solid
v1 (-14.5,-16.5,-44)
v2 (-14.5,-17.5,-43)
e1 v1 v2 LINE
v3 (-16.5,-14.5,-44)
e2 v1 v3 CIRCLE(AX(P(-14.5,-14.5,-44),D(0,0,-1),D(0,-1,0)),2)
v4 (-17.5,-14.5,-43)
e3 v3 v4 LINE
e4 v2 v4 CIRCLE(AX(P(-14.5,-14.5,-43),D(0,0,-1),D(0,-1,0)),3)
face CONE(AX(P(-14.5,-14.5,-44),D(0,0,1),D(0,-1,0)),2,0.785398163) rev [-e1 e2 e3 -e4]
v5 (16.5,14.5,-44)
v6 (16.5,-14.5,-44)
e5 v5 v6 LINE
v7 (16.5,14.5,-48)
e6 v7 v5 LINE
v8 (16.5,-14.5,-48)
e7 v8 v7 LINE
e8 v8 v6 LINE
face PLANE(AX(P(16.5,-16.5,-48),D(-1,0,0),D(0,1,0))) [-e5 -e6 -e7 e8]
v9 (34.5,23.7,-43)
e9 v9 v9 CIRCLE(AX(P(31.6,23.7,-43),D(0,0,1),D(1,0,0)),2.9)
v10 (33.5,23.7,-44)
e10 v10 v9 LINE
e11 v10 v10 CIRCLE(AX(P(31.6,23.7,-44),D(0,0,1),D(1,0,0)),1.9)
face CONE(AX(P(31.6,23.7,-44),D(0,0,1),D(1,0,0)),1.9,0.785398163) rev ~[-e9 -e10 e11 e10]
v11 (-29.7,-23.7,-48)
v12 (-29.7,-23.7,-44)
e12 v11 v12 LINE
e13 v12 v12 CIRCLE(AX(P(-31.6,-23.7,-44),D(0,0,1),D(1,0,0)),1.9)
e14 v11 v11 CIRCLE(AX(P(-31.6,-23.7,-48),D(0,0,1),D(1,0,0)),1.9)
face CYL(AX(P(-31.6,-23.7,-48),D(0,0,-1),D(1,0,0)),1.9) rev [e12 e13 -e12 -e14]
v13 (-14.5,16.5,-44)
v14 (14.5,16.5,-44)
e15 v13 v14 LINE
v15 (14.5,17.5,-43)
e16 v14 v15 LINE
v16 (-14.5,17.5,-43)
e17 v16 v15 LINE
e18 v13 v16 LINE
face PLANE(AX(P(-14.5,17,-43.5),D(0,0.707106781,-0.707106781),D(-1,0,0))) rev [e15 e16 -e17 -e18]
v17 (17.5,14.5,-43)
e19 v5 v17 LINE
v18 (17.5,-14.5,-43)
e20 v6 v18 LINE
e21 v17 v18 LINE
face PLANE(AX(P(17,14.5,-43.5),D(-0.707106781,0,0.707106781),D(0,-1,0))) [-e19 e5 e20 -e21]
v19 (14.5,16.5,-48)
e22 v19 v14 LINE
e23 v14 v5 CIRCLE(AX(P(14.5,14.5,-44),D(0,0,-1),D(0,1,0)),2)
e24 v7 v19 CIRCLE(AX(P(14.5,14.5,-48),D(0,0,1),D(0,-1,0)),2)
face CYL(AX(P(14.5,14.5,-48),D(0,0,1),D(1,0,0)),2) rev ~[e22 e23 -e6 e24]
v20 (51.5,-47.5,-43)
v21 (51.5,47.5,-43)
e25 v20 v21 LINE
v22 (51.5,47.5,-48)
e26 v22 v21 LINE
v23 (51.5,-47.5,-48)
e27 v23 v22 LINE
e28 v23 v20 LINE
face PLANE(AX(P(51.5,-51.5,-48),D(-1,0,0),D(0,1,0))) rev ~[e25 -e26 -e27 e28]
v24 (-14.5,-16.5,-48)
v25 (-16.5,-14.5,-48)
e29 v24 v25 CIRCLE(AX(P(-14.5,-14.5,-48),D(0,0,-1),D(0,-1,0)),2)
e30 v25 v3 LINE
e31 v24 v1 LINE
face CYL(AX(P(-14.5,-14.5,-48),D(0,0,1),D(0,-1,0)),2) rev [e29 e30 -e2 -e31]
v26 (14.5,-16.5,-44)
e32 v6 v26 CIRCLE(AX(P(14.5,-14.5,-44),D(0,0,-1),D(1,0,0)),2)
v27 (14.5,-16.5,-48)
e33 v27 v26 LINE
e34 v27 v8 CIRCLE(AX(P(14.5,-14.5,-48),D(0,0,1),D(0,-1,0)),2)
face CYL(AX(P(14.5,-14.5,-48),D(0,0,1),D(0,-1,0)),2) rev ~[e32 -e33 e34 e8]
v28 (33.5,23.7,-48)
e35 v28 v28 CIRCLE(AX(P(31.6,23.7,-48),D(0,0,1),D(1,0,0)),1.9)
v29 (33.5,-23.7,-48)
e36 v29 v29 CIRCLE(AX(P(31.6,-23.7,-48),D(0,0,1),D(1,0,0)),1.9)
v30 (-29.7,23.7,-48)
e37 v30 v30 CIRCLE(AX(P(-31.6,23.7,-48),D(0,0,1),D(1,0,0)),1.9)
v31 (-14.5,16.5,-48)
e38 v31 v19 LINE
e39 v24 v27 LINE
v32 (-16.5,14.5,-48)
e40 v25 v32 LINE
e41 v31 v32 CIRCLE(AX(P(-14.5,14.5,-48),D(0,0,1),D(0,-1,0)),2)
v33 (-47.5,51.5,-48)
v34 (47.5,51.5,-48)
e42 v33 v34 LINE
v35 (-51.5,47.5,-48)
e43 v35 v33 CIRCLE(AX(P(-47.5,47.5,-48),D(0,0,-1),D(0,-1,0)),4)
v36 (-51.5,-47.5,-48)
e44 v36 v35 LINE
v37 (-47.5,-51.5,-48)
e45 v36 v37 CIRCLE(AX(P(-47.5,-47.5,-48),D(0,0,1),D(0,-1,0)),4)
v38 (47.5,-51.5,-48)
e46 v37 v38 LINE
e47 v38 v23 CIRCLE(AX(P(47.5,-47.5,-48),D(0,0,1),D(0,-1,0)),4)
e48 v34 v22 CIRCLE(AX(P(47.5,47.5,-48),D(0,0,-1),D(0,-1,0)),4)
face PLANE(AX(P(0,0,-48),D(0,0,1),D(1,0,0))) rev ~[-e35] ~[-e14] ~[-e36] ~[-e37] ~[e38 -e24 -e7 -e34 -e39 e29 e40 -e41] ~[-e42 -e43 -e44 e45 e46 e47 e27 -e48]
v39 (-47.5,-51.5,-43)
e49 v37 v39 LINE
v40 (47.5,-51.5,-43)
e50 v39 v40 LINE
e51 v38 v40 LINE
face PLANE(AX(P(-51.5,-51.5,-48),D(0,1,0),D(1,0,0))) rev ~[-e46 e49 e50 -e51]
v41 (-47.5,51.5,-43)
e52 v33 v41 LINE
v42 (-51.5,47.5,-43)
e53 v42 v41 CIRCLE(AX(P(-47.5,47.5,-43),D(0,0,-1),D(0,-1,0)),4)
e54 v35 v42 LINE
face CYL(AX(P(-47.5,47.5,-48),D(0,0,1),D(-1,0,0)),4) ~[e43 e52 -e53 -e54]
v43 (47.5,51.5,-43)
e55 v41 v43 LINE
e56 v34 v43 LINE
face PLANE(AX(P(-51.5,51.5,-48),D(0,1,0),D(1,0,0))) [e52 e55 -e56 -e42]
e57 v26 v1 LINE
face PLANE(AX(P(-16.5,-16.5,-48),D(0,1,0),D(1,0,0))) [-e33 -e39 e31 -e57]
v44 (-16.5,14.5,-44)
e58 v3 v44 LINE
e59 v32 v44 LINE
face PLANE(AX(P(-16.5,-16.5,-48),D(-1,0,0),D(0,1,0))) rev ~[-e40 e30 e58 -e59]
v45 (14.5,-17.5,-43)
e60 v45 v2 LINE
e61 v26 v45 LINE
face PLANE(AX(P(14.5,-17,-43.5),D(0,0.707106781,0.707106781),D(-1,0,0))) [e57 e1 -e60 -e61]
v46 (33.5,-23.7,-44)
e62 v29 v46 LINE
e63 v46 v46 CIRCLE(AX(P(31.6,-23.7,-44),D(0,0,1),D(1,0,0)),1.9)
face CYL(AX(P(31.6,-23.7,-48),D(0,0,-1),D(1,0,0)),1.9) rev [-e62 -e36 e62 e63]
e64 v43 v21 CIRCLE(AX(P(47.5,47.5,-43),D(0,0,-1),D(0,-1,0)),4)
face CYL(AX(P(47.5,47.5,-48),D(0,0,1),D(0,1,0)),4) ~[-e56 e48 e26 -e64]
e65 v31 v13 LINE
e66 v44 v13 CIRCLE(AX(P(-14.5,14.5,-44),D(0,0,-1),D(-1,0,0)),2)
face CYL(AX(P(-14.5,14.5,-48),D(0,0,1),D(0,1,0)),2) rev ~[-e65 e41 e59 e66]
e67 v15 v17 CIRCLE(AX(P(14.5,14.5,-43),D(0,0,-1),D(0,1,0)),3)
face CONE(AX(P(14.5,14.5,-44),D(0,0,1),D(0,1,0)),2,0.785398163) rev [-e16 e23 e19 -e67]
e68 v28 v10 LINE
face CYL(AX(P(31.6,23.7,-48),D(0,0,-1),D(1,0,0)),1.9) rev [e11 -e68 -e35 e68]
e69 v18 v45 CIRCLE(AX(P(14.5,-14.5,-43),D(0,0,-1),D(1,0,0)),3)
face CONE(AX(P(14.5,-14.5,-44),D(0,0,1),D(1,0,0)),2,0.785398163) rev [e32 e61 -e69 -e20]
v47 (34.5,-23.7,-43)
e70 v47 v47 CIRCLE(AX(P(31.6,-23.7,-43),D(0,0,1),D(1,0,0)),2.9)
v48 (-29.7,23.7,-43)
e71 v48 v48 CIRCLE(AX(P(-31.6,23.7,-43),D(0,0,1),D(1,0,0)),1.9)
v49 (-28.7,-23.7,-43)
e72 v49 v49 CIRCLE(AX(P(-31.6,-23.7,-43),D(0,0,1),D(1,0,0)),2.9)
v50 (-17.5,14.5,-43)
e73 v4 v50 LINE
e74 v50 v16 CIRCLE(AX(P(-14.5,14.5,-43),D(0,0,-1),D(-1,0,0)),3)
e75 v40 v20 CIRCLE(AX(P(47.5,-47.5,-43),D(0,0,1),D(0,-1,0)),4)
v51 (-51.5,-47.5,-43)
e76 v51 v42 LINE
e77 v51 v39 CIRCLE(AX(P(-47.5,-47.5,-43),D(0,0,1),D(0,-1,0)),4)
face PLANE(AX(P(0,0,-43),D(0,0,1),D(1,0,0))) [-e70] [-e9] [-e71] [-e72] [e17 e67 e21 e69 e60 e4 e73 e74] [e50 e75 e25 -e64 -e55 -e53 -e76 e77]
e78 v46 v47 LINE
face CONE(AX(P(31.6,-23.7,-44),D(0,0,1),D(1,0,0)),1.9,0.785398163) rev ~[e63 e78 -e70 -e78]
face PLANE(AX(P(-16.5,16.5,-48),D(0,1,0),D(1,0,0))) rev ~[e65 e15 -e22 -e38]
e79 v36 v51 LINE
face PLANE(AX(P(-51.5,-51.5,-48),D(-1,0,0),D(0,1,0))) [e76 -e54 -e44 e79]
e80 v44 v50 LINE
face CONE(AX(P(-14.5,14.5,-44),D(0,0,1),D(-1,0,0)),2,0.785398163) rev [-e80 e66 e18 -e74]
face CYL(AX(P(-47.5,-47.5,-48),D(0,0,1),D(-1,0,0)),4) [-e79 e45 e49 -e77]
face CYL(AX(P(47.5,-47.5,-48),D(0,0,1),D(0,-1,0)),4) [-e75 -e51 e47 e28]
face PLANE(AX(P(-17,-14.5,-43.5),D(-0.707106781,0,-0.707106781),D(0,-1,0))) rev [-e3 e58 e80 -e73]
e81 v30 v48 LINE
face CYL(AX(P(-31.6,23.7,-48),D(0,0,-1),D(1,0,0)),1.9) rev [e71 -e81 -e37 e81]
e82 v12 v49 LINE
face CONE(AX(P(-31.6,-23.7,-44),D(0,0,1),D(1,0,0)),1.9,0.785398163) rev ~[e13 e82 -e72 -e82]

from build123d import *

# Parameters (mm, degrees)
CYLINDER006_R     = 1.9
CYLINDER006_DEPTH = 5
CYLINDER007_R     = 1.9
CYLINDER007_DEPTH = 5
CYLINDER008_R     = 1.9
CYLINDER008_DEPTH = 5
CYLINDER005_R     = 1.9
CYLINDER005_DEPTH = 5
BOX009_W          = 33
BOX009_H          = 33
BOX009_DEPTH      = 5
BOX010_W          = 72
BOX010_H          = 72
BOX010_DEPTH      = 5
FILLET002_R       = 2
FILLET003_R       = 4
CHAMFER001_SIZE   = 1
BOX013_W          = 69.4
BOX013_H          = 69.4
BOX013_DEPTH      = 5
BOX012_W          = 103
BOX012_H          = 103
BOX012_DEPTH      = 5
FILLET005_R       = 4
FILLET006_R       = 2


with BuildPart() as cilindro003:
    # Cylinder006 → Cylinder006 (new body)
    with BuildSketch(Plane(origin=(31.6, 23.7, -48), x_dir=(1, 0, 0), z_dir=(0, 0, 1))):
        Circle(CYLINDER006_R)
    extrude(amount=CYLINDER006_DEPTH)


with BuildPart() as cilindro004:
    # Cylinder007 → Cylinder007 (new body)
    with BuildSketch(Plane(origin=(-31.6, 23.7, -48), x_dir=(1, 0, 0), z_dir=(0, 0, 1))):
        Circle(CYLINDER007_R)
    extrude(amount=CYLINDER007_DEPTH)


with BuildPart() as cilindro005:
    # Cylinder008 → Cylinder008 (new body)
    with BuildSketch(Plane(origin=(-31.6, -23.7, -48), x_dir=(1, 0, 0), z_dir=(0, 0, 1))):
        Circle(CYLINDER008_R)
    extrude(amount=CYLINDER008_DEPTH)


with BuildPart() as compound003:
    # Cylinder005 → Cylinder005 (new body)
    with BuildSketch(Plane(origin=(31.6, -23.7, -48), x_dir=(1, 0, 0), z_dir=(0, 0, 1))):
        Circle(CYLINDER005_R)
    extrude(amount=CYLINDER005_DEPTH)

    # Compound003: union Cilindro003, Cilindro004, Cilindro005
    add(cilindro003.part)
    add(cilindro004.part)
    add(cilindro005.part)


with BuildPart() as cubo008:
    # Box009 → Box009 (new body)
    with BuildSketch(Plane(origin=(-16.5, -16.5, -48), x_dir=(1, 0, 0), z_dir=(0, 0, 1))):
        with Locations((16.5, 16.5)):
            Rectangle(BOX009_W, BOX009_H)
    extrude(amount=BOX009_DEPTH)


with BuildPart() as chamfer001:
    # Box010 → Box010 (new body)
    with BuildSketch(Plane(origin=(-36, -36, -48), x_dir=(1, 0, 0), z_dir=(0, 0, 1))):
        with Locations((36, 36)):
            Rectangle(BOX010_W, BOX010_H)
    extrude(amount=BOX010_DEPTH)

    # Cut003: cut Cubo008
    add(cubo008.part, mode=Mode.SUBTRACT)

    # Fillet002
    fillet002_edges = [chamfer001.edges().sort_by_distance(p)[0] for p in [
        (-16.5, -16.5, -45.5),
        (-16.5, 16.5, -45.5),
        (16.5, -16.5, -45.5),
        (16.5, 16.5, -45.5),
    ]]
    fillet(fillet002_edges, radius=FILLET002_R)

    # Fillet003
    fillet003_edges = [chamfer001.edges().sort_by_distance(p)[0] for p in [
        (-36, -36, -45.5),
        (-36, 36, -45.5),
        (36, 36, -45.5),
        (36, -36, -45.5),
    ]]
    fillet(fillet003_edges, radius=FILLET003_R)

    # Cut006: cut Compound003
    add(compound003.part, mode=Mode.SUBTRACT)

    # Chamfer001
    chamfer001_edges = [chamfer001.edges().sort_by_distance(p)[0] for p in [
        (-33.5, -23.7, -43),
        (29.7, -23.7, -43),
        (-16.5, 0, -43),
        (29.7, 23.7, -43),
    ]]
    chamfer(chamfer001_edges, length=CHAMFER001_SIZE)


with BuildPart() as cubo012:
    # Box013 → Box013 (new body)
    with BuildSketch(Plane(origin=(-34.7, -34.7, -48), x_dir=(1, 0, 0), z_dir=(0, 0, 1))):
        with Locations((34.7, 34.7)):
            Rectangle(BOX013_W, BOX013_H)
    extrude(amount=BOX013_DEPTH)


with BuildPart() as fusion002:
    # Box012 → Box012 (new body)
    with BuildSketch(Plane(origin=(-51.5, -51.5, -48), x_dir=(1, 0, 0), z_dir=(0, 0, 1))):
        with Locations((51.5, 51.5)):
            Rectangle(BOX012_W, BOX012_H)
    extrude(amount=BOX012_DEPTH)

    # Cut005: cut Cubo012
    add(cubo012.part, mode=Mode.SUBTRACT)

    # Fillet005
    fillet005_edges = [fusion002.edges().sort_by_distance(p)[0] for p in [
        (-51.5, -51.5, -45.5),
        (-51.5, 51.5, -45.5),
        (51.5, -51.5, -45.5),
        (51.5, 51.5, -45.5),
    ]]
    fillet(fillet005_edges, radius=FILLET005_R)

    # Fillet006
    fillet006_edges = [fusion002.edges().sort_by_distance(p)[0] for p in [
        (-34.7, -34.7, -45.5),
        (-34.7, 34.7, -45.5),
        (34.7, -34.7, -45.5),
        (34.7, 34.7, -45.5),
    ]]
    fillet(fillet006_edges, radius=FILLET006_R)

    # Fusion002: union Chamfer001
    add(chamfer001.part)


solid = fusion002.part
